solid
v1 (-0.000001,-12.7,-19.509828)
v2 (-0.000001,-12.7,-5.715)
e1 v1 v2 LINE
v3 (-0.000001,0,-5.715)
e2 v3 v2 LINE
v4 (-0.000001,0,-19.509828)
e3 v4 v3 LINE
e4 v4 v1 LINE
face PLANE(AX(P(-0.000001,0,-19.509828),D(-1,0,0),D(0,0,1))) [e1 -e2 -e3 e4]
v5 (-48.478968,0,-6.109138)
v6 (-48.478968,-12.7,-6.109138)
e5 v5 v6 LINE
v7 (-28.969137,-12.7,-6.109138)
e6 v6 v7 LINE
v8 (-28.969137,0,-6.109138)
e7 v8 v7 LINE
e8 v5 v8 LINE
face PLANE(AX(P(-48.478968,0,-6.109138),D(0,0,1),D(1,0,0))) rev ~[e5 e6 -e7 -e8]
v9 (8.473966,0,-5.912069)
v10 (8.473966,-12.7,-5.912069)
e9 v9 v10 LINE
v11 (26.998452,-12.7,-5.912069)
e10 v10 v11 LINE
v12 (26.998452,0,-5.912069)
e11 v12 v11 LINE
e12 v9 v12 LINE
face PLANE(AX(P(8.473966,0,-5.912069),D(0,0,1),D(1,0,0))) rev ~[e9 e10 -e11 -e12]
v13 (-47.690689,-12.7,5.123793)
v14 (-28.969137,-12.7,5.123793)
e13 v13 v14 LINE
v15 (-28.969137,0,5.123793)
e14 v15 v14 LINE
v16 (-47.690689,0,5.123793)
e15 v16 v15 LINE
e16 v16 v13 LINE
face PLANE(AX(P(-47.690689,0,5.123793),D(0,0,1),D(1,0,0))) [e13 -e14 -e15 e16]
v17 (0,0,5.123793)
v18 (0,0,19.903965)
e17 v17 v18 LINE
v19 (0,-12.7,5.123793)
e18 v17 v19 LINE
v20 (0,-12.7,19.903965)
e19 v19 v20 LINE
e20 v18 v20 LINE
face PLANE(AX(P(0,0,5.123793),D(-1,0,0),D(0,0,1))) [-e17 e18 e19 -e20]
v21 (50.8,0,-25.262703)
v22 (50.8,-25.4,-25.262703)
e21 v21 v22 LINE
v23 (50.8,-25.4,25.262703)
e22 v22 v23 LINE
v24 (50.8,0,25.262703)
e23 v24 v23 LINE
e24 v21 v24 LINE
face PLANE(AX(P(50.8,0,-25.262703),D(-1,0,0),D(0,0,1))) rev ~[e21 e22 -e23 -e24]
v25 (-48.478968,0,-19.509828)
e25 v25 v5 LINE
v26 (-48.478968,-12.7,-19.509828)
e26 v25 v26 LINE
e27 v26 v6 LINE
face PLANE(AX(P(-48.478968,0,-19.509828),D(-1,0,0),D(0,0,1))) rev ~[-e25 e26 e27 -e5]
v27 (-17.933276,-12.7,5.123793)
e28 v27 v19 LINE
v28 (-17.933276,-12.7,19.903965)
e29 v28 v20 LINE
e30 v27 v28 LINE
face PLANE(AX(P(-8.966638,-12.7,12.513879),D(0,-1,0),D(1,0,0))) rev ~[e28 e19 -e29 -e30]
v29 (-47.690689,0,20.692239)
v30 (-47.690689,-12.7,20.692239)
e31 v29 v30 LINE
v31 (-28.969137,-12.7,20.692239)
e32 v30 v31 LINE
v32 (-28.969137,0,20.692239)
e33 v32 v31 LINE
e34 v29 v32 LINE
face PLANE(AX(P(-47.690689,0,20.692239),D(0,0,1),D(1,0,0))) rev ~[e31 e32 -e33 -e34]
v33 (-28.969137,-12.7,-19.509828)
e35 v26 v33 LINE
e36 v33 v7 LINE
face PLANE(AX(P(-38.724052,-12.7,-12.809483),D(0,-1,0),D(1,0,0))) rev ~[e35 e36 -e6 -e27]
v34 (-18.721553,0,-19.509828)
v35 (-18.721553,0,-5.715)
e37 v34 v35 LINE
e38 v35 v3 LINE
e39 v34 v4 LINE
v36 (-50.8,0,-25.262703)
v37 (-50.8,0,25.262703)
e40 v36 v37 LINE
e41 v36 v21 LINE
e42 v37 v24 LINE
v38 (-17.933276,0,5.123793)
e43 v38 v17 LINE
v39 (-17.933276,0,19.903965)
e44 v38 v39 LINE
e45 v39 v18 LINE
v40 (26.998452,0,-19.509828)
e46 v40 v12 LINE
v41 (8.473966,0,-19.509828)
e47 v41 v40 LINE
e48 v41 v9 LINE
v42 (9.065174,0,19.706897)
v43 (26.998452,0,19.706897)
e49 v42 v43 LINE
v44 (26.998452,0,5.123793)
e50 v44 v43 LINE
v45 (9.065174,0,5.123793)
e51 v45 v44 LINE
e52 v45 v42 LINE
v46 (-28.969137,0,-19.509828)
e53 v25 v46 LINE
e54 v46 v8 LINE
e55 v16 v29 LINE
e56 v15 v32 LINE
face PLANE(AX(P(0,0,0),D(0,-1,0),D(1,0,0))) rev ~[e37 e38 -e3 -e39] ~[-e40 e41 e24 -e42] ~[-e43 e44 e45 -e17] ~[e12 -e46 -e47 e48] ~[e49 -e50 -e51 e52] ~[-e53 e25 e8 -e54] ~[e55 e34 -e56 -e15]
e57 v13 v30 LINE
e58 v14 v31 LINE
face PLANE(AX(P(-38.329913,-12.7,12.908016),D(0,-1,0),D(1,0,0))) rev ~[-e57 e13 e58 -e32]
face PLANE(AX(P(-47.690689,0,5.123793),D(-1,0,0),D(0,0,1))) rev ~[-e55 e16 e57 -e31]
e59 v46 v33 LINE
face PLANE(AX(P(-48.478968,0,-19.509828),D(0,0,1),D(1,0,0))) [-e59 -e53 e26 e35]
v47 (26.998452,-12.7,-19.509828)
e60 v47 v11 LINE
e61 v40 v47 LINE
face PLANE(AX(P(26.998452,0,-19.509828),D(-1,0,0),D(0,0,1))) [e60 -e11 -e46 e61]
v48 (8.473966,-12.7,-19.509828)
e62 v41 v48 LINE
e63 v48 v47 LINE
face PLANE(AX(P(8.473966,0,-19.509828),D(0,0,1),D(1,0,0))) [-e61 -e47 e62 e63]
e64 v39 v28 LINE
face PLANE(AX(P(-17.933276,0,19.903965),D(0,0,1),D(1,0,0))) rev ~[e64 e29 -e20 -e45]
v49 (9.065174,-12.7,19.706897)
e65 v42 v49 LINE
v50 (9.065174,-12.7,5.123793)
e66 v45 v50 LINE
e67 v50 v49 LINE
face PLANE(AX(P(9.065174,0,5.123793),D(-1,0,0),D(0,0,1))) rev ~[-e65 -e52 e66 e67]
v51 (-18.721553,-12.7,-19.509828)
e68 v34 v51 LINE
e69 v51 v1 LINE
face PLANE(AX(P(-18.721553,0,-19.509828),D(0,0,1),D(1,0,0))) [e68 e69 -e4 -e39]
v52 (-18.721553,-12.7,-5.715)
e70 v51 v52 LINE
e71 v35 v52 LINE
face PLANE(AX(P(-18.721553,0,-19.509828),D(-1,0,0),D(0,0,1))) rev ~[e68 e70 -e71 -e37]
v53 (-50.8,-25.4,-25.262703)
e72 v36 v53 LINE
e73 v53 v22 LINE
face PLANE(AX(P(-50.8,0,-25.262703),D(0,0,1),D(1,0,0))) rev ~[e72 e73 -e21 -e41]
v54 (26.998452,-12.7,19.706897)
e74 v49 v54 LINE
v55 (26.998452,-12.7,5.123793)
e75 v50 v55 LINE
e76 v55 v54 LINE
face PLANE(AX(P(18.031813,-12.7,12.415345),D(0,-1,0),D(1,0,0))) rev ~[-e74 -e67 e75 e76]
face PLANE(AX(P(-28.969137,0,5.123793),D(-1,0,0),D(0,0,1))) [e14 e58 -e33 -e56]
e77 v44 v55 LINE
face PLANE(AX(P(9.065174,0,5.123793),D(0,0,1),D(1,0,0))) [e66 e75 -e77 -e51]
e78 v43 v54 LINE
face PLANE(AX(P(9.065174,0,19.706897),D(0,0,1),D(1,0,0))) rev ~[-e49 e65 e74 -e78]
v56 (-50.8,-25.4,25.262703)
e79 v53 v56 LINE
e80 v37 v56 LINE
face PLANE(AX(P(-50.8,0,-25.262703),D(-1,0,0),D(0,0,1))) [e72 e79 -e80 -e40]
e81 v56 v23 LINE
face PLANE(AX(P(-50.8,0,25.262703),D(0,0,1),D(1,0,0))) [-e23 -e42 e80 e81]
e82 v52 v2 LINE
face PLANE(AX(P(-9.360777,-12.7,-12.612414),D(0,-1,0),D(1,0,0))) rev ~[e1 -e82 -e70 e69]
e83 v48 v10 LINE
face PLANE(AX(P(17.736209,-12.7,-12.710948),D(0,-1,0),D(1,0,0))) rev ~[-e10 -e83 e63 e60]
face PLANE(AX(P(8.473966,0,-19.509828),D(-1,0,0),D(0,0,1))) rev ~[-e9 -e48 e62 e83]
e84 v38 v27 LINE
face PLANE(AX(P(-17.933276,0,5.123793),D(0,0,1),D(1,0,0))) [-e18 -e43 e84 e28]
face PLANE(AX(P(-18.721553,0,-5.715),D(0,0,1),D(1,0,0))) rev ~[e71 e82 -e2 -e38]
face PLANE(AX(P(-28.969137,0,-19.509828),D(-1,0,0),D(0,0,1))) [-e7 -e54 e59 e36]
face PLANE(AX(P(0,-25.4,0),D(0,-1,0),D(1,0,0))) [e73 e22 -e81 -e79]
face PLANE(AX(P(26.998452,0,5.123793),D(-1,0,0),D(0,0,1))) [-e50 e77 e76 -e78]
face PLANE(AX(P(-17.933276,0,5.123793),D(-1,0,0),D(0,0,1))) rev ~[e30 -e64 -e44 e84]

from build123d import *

# Parameters (mm, degrees)
F0_W     = 101.6
F0_H     = 50.525406
F0_W_2   = 19.509831
F0_H_2   = 13.40069
F0_W_3   = 18.721553
F0_H_3   = 13.794828
F0_W_4   = 18.524485
F0_H_4   = 13.597759
F0_W_5   = 17.933276
F0_H_5   = 14.780172
F0_H_6   = 15.568447
F0_W_6   = 17.933277
F0_H_7   = 14.583104
F1_DEPTH = 25.4
F2_DEPTH = 12.7


with BuildPart() as f1:
    # F0 (on Front) → F1 (new body)
    with BuildSketch(Plane.XZ):
        Rectangle(F0_W, F0_H)
        with Locations((-38.724052, -12.809483)):
            Rectangle(F0_W_2, F0_H_2, mode=Mode.SUBTRACT)
        with Locations((-9.360777, -12.612414)):
            Rectangle(F0_W_3, F0_H_3, mode=Mode.SUBTRACT)
        with Locations((17.736209, -12.710948)):
            Rectangle(F0_W_4, F0_H_4, mode=Mode.SUBTRACT)
        with Locations((-8.966638, 12.513879)):
            Rectangle(F0_W_5, F0_H_5, mode=Mode.SUBTRACT)
        with Locations((-38.329913, 12.908016)):
            Rectangle(F0_W_3, F0_H_6, mode=Mode.SUBTRACT)
        with Locations((18.031813, 12.415345)):
            Rectangle(F0_W_6, F0_H_7, mode=Mode.SUBTRACT)
        with Locations((-38.329913, 12.908016)):
            Rectangle(F0_W_3, F0_H_6)
        with Locations((-8.966638, 12.513879)):
            Rectangle(F0_W_5, F0_H_5)
        with Locations((18.031813, 12.415345)):
            Rectangle(F0_W_6, F0_H_7)
        with Locations((17.736209, -12.710948)):
            Rectangle(F0_W_4, F0_H_4)
        with Locations((-9.360777, -12.612414)):
            Rectangle(F0_W_3, F0_H_3)
        with Locations((-38.724052, -12.809483)):
            Rectangle(F0_W_2, F0_H_2)
    extrude(amount=F1_DEPTH)

    # F0 (on Front) → F2 (cut)
    with BuildSketch(Plane.XZ):
        with Locations((-38.329913, 12.908016)):
            Rectangle(F0_W_3, F0_H_6)
        with Locations((-8.966638, 12.513879)):
            Rectangle(F0_W_5, F0_H_5)
        with Locations((18.031813, 12.415345)):
            Rectangle(F0_W_6, F0_H_7)
        with Locations((17.736209, -12.710948)):
            Rectangle(F0_W_4, F0_H_4)
        with Locations((-9.360777, -12.612414)):
            Rectangle(F0_W_3, F0_H_3)
        with Locations((-38.724052, -12.809483)):
            Rectangle(F0_W_2, F0_H_2)
    extrude(amount=F2_DEPTH, mode=Mode.SUBTRACT)


solid = f1.part
